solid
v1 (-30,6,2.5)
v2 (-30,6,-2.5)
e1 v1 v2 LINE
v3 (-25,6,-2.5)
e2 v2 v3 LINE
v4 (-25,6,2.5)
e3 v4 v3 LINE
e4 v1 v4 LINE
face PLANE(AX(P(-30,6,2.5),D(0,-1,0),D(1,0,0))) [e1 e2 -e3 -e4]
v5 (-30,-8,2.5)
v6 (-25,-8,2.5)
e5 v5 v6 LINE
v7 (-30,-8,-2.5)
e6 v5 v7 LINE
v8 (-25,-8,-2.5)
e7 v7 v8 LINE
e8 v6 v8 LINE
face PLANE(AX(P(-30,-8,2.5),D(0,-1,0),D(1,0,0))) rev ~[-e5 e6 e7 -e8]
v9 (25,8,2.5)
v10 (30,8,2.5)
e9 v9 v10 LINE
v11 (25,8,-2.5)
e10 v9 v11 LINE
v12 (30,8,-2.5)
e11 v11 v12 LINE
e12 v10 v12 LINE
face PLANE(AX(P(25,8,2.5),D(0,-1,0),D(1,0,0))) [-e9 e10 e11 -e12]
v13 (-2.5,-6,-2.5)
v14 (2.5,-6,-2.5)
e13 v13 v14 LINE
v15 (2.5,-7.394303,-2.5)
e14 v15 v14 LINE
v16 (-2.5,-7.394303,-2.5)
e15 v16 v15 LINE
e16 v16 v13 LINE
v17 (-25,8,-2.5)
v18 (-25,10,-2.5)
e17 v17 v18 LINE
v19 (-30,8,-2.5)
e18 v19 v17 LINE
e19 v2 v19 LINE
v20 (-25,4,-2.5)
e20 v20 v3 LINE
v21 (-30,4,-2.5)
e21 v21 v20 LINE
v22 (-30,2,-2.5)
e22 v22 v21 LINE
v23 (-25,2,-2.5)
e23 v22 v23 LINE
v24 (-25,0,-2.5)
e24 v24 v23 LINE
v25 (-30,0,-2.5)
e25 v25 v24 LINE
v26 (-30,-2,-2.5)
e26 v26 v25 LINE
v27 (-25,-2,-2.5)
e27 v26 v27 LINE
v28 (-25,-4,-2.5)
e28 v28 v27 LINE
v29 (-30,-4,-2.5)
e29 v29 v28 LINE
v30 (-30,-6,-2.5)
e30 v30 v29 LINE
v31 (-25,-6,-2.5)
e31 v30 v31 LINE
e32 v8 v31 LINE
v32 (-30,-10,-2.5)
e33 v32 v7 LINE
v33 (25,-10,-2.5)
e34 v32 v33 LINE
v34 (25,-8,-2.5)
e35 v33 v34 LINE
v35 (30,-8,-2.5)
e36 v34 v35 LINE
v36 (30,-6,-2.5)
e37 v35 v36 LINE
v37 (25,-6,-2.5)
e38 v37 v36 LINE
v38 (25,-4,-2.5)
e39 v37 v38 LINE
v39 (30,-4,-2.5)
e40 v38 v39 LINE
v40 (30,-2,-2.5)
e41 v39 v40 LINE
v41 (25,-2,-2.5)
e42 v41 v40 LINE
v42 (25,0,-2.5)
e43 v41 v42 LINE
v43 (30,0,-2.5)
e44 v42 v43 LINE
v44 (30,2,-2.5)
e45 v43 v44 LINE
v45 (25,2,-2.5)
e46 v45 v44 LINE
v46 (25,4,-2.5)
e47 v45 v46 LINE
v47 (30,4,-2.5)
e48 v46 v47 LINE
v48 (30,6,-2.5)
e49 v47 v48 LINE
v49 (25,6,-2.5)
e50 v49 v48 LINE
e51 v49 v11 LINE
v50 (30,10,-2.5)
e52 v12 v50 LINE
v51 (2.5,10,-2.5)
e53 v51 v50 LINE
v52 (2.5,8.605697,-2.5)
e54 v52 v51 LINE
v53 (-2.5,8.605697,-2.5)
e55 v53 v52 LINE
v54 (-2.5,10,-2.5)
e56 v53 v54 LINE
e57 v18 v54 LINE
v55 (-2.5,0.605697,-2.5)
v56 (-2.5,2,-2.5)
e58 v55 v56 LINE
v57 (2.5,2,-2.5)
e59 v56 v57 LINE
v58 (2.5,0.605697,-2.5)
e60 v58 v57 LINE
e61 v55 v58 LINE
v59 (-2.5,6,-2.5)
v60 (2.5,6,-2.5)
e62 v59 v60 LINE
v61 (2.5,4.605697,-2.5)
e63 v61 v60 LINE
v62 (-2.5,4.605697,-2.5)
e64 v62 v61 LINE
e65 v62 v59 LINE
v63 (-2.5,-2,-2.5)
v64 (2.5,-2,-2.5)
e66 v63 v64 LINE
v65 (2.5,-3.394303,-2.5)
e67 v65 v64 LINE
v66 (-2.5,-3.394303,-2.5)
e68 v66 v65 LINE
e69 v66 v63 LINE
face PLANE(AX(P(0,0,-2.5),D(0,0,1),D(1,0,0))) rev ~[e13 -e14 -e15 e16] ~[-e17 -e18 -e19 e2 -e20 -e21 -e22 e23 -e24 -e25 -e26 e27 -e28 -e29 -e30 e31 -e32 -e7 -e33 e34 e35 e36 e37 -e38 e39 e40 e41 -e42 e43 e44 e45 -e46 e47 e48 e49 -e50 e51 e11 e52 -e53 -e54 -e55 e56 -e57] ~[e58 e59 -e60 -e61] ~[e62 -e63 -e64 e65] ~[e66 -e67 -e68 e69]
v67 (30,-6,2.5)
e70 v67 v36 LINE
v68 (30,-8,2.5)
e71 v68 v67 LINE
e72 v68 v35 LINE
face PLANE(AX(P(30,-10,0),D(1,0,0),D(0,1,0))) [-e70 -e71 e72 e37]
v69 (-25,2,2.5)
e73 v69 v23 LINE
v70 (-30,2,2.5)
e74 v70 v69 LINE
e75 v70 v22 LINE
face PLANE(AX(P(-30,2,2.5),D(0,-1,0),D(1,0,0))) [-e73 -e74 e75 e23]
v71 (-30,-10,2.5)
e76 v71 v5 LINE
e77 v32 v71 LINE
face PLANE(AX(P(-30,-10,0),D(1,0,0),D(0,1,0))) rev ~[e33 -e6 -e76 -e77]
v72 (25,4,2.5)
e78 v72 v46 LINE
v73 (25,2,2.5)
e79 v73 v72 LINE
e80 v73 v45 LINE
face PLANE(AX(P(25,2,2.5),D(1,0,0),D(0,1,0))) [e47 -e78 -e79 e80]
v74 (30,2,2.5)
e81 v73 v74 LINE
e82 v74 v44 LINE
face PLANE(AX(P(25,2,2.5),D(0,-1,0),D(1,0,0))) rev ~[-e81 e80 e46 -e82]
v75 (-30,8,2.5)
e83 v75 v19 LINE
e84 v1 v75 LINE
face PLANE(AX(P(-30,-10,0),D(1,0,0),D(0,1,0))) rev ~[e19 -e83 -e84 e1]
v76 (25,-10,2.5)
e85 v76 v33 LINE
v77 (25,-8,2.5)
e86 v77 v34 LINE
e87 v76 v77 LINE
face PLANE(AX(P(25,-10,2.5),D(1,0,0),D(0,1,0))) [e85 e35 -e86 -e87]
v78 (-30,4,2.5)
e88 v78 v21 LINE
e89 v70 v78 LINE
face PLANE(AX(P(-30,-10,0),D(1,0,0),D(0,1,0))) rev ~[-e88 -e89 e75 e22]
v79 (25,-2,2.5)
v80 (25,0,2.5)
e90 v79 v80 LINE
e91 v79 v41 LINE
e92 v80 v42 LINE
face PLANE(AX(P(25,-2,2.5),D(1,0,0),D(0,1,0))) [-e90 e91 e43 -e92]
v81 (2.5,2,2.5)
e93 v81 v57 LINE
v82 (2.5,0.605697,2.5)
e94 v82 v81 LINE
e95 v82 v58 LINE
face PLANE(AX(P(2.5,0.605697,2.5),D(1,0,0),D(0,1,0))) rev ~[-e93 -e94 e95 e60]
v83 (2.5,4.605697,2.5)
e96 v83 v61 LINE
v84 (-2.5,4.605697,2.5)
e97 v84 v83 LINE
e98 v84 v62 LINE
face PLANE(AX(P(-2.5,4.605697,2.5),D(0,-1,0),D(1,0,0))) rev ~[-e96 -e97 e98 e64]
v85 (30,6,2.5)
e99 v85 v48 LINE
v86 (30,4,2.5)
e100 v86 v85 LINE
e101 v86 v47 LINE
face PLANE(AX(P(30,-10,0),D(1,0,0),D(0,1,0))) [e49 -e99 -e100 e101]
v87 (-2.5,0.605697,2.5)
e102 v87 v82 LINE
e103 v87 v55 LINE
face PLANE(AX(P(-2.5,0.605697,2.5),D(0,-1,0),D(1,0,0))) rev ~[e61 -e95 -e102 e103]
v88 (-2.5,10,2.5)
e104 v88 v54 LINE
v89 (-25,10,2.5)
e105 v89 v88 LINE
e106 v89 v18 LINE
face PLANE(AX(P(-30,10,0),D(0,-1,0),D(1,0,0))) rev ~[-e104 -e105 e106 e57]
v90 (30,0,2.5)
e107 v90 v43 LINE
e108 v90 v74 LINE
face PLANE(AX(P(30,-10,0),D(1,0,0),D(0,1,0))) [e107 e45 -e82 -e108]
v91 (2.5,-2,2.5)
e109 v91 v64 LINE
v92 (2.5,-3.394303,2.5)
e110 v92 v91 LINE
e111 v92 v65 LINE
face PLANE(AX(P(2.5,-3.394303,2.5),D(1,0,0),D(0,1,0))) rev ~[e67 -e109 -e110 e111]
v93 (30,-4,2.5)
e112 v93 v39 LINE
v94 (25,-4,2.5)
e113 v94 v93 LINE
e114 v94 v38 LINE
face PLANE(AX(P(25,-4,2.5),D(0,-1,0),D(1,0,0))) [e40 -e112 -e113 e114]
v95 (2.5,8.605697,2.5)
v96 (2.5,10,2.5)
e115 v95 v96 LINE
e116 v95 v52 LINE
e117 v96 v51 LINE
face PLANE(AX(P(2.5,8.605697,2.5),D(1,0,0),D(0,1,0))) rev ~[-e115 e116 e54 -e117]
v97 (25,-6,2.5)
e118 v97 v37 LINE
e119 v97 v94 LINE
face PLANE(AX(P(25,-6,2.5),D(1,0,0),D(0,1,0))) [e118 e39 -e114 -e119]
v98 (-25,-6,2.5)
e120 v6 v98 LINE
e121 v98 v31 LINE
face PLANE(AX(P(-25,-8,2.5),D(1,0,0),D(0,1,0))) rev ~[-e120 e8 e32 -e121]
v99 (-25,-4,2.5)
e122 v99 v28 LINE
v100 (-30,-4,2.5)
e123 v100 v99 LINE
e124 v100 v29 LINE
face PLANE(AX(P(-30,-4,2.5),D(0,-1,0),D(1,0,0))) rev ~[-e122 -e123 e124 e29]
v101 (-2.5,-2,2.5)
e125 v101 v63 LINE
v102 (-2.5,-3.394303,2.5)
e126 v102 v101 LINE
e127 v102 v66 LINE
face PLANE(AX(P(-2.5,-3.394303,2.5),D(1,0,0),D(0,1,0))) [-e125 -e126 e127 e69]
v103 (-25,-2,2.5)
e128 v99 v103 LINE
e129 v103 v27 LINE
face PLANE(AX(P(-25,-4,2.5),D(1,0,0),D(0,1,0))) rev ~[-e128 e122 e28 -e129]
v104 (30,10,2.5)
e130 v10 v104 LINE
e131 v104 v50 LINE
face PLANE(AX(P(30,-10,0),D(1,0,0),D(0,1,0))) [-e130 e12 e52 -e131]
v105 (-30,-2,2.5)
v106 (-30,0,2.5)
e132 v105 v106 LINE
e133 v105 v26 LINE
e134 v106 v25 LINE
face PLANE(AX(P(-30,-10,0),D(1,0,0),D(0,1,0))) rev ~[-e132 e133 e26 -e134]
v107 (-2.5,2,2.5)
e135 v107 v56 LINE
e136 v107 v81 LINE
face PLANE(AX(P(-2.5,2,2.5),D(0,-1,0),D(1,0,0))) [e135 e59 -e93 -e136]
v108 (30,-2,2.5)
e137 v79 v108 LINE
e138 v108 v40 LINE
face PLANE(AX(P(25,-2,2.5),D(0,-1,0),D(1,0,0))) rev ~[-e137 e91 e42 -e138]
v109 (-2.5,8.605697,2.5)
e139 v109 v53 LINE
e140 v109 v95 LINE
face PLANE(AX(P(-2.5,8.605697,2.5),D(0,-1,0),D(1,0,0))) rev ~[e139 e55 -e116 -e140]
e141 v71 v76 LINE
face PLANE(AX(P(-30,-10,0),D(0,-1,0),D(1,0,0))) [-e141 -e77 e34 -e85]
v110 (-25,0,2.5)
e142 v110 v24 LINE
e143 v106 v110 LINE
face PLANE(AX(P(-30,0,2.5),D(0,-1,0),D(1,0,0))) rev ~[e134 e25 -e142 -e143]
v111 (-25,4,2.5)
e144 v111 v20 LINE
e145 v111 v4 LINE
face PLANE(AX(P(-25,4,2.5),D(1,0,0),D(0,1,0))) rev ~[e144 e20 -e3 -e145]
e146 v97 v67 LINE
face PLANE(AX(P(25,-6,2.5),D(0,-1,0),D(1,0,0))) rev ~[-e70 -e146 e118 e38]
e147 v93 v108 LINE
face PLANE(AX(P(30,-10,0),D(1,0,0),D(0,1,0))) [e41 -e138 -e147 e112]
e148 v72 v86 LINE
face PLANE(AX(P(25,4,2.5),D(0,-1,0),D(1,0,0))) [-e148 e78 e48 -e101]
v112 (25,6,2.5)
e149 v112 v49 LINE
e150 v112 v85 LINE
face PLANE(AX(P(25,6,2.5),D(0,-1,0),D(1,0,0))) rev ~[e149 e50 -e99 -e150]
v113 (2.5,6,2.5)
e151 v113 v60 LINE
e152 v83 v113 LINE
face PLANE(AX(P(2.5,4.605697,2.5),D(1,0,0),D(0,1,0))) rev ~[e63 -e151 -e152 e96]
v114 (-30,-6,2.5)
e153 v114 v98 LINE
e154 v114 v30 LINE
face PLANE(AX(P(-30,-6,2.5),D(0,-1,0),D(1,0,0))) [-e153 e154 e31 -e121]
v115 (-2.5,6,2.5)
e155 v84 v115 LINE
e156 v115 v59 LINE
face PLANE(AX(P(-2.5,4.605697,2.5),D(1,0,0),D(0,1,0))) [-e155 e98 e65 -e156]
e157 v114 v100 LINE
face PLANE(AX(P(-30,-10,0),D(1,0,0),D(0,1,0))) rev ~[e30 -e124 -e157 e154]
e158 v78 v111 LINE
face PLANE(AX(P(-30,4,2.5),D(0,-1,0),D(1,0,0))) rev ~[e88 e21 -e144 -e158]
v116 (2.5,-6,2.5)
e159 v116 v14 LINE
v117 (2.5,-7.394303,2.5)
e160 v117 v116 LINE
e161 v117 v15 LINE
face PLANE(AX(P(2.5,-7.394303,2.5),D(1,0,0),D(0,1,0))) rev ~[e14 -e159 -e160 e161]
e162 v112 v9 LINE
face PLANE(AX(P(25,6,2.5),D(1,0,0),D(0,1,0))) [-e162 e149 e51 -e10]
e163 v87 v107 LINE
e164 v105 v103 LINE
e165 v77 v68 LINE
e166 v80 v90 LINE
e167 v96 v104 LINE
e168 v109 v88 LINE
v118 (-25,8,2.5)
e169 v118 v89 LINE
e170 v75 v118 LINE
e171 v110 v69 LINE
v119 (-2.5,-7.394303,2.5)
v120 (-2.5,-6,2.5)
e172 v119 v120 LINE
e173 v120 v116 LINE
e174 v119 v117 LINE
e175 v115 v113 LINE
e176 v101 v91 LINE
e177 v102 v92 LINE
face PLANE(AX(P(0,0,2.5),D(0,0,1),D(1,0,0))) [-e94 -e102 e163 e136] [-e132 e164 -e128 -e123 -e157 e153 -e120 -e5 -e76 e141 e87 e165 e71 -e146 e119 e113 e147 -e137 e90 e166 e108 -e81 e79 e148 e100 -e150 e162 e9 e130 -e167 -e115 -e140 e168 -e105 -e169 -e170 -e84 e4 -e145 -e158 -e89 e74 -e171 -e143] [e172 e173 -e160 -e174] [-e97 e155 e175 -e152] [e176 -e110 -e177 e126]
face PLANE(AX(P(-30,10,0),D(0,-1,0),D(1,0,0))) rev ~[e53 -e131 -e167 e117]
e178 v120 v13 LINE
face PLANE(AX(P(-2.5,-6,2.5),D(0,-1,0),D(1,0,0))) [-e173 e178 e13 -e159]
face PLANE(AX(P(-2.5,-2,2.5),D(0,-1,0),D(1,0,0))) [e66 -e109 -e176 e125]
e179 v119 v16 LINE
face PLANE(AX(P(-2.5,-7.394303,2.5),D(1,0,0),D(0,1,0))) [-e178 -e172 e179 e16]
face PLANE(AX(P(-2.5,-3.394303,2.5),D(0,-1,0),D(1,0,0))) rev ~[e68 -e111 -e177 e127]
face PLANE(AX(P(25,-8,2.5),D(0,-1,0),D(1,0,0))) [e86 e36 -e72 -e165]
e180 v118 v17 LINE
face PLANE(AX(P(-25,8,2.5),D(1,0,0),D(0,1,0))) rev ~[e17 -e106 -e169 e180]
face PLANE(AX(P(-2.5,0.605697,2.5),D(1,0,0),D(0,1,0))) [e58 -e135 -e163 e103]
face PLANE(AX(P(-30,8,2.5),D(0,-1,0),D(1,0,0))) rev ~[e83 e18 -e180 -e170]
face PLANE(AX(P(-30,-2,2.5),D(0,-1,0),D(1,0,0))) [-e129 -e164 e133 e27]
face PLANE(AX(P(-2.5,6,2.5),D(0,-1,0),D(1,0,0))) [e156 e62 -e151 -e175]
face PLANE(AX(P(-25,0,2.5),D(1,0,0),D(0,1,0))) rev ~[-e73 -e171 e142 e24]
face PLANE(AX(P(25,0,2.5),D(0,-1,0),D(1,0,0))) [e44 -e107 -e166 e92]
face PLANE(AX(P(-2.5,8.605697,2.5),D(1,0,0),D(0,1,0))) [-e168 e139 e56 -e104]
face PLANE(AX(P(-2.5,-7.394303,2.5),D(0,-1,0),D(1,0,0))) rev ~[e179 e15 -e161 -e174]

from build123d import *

# Parameters (mm, degrees)
SKETCH1_W           = 60
SKETCH1_H           = 20
BOSS_EXTRUDE1_DEPTH = 2.5
SKETCH2_W           = 5
SKETCH2_H           = 2
CUT_EXTRUDE1_DEPTH  = 33.015621187
SKETCH3_W           = 5
SKETCH3_H           = 2
CUT_EXTRUDE2_DEPTH  = 5
SKETCH4_W           = 5
SKETCH4_H           = 1.394303276
CUT_EXTRUDE3_DEPTH  = 5


with BuildPart() as part:
    # Sketch1 → Boss-Extrude1 (new, symmetric)
    with BuildSketch(Plane.XY):
        Rectangle(SKETCH1_W, SKETCH1_H)
    extrude(amount=BOSS_EXTRUDE1_DEPTH, both=True)

    # Sketch2 → Cut-Extrude1 (cut, through all)
    with BuildSketch(Plane.XY.offset(2.5)):
        with Locations((-27.5, 5)):
            Rectangle(SKETCH2_W, SKETCH2_H)
        with Locations((-27.5, 9)):
            Rectangle(SKETCH2_W, SKETCH2_H)
        with Locations((-27.5, 1)):
            Rectangle(SKETCH2_W, SKETCH2_H)
        with Locations((-27.5, -3)):
            Rectangle(SKETCH2_W, SKETCH2_H)
        with Locations((-27.5, -7)):
            Rectangle(SKETCH2_W, SKETCH2_H)
    extrude(amount=-CUT_EXTRUDE1_DEPTH, mode=Mode.SUBTRACT)

    # Sketch3 → Cut-Extrude2 (cut)
    with BuildSketch(Plane.XY.offset(2.5)):
        with Locations((27.5, -9)):
            Rectangle(SKETCH3_W, SKETCH3_H)
        with Locations((27.5, -5)):
            Rectangle(SKETCH3_W, SKETCH3_H)
        with Locations((27.5, -1)):
            Rectangle(SKETCH3_W, SKETCH3_H)
        with Locations((27.5, 3)):
            Rectangle(SKETCH3_W, SKETCH3_H)
        with Locations((27.5, 7)):
            Rectangle(SKETCH3_W, SKETCH3_H)
    extrude(amount=-CUT_EXTRUDE2_DEPTH, mode=Mode.SUBTRACT)

    # Sketch4 → Cut-Extrude3 (cut)
    with BuildSketch(Plane.XY.offset(2.5)):
        with Locations((0, 9.302848362)):
            Rectangle(SKETCH4_W, SKETCH4_H)
        with Locations((0, 5.302848362)):
            Rectangle(SKETCH4_W, SKETCH4_H)
        with Locations((0, 1.302848362)):
            Rectangle(SKETCH4_W, SKETCH4_H)
        with Locations((0, -2.697151638)):
            Rectangle(SKETCH4_W, SKETCH4_H)
        with Locations((0, -6.697151638)):
            Rectangle(SKETCH4_W, SKETCH4_H)
    extrude(amount=-CUT_EXTRUDE3_DEPTH, mode=Mode.SUBTRACT)


solid = part.part
